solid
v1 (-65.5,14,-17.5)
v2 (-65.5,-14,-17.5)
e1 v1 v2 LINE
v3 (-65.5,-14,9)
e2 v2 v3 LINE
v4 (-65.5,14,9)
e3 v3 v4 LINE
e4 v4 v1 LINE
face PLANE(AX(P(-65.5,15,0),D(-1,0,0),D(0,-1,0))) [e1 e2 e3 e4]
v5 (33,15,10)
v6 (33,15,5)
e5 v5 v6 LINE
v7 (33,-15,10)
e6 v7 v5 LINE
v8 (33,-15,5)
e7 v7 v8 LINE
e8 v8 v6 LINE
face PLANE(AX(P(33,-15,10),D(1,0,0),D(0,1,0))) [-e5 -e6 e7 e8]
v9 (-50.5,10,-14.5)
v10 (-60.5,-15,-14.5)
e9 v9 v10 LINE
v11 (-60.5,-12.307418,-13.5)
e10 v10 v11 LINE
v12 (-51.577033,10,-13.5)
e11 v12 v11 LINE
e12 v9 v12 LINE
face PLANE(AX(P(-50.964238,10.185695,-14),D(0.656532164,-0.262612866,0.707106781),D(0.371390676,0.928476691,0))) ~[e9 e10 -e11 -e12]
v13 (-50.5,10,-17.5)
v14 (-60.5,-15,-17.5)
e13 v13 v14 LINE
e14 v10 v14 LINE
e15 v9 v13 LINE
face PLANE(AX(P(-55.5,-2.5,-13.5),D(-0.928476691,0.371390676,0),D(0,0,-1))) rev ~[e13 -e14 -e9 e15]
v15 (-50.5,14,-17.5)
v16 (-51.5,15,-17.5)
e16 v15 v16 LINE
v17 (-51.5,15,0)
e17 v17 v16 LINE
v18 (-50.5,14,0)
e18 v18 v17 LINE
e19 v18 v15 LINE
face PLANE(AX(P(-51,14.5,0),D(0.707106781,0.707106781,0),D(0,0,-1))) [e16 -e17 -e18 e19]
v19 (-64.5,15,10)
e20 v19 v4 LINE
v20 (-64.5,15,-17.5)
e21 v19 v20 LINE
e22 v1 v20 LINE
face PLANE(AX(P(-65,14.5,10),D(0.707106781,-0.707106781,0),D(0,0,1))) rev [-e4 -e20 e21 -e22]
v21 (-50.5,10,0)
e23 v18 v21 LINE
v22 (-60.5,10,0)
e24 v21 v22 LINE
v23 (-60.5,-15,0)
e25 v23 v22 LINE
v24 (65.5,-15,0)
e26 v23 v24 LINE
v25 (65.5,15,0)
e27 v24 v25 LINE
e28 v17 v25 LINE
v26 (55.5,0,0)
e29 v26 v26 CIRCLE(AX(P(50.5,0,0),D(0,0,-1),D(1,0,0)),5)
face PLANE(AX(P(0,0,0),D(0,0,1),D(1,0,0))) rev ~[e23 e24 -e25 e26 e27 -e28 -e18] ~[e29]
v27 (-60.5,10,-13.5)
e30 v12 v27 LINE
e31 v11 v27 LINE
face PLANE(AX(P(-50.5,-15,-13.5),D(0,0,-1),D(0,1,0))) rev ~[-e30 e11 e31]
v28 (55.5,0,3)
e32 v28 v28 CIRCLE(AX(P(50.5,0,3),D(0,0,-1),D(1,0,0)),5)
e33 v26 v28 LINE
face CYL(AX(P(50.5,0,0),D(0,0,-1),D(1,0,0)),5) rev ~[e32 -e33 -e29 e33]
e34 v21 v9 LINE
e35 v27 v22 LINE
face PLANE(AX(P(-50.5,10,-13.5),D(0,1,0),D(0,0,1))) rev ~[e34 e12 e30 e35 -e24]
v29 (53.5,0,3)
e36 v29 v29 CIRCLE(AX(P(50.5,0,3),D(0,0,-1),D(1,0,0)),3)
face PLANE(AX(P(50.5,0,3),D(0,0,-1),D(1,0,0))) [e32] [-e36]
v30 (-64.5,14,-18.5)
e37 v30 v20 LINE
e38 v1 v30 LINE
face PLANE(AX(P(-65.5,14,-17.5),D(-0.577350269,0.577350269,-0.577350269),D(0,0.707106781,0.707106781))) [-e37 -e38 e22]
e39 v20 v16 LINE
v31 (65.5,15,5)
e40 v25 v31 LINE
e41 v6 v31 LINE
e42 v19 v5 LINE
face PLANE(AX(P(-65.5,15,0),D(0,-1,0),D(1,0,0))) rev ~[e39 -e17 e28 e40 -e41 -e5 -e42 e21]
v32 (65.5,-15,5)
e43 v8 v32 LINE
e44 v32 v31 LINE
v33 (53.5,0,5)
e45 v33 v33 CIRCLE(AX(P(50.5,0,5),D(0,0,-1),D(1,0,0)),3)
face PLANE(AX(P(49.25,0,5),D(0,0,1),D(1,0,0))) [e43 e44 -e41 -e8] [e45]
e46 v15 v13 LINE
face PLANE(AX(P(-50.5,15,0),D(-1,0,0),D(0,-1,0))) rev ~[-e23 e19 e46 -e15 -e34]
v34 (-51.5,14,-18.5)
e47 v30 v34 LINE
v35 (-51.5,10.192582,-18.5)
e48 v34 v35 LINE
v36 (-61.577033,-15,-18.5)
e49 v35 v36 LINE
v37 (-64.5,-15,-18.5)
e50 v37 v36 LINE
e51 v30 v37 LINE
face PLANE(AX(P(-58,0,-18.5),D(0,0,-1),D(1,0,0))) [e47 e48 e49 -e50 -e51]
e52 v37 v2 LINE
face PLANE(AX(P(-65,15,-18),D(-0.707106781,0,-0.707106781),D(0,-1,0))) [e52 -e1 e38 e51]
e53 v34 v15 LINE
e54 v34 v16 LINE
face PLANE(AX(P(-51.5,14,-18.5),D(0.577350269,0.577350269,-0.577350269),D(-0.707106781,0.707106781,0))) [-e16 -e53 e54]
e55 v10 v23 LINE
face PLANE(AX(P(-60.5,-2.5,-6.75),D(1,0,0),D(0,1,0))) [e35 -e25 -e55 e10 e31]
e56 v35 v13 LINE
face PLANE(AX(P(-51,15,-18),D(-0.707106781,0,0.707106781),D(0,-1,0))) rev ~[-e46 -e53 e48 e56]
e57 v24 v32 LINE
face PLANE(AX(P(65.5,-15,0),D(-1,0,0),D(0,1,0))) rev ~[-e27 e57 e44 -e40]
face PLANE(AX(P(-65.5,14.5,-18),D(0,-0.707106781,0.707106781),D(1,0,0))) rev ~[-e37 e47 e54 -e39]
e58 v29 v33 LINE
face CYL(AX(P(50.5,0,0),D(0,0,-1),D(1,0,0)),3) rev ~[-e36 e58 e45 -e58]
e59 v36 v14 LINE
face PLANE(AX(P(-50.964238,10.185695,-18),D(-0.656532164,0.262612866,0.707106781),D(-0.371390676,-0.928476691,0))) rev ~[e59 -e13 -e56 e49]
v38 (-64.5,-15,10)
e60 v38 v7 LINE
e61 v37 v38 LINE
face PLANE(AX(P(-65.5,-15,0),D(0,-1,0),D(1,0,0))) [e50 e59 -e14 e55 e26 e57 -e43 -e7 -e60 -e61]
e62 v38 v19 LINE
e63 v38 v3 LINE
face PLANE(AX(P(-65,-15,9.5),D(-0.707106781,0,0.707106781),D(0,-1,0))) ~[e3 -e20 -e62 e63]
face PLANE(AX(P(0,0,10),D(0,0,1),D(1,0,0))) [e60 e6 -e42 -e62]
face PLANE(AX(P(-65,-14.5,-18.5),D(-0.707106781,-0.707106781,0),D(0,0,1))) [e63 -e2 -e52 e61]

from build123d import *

# Parameters (mm, degrees)
SKETCH017_W      = 131
SKETCH017_H      = 30
PAD005_DEPTH     = 10
SKETCH016_W      = 15
SKETCH016_H      = 30
PAD006_DEPTH     = 18.5
SKETCH018_W      = 25
SKETCH018_H      = 13.5
POCKET011_DEPTH  = 10
SKETCH015_R      = 3
POCKET012_DEPTH  = 10.001
SKETCH019_W      = 32.5
SKETCH019_H      = 30
POCKET013_DEPTH  = 5
SKETCH038_R      = 5
POCKET026_DEPTH  = 3
CHAMFER006_SIZE2 = 10
CHAMFER006_SIZE  = 25
CHAMFER007_SIZE  = 1


with BuildPart() as part:
    # Sketch017 → Pad005 (new body)
    with BuildSketch(Plane.XY):
        Rectangle(SKETCH017_W, SKETCH017_H)
    extrude(amount=PAD005_DEPTH)

    # Sketch016 (on Face5 of Pad005) → Pad006 (join)
    with BuildSketch(Plane(origin=(0, 0, 0), x_dir=(1, 0, 0), z_dir=(0, 0, -1))):
        with Locations((-58, 0)):
            Rectangle(SKETCH016_W, SKETCH016_H)
    extrude(amount=PAD006_DEPTH)

    # Sketch018 (on Face9 of Pad006) → Pocket011 (cut)
    with BuildSketch(Plane.YZ.offset(-50.5)):
        with Locations((-2.5, -6.75)):
            Rectangle(SKETCH018_W, SKETCH018_H)
    extrude(amount=-POCKET011_DEPTH, mode=Mode.SUBTRACT)

    # Sketch015 (on Face5 of Pocket011) → Pocket012 (cut, through all)
    with BuildSketch(Plane(origin=(0, 0, 0), x_dir=(1, 0, 0), z_dir=(0, 0, -1))):
        with Locations((50.5, 0)):
            Circle(SKETCH015_R)
    extrude(amount=-POCKET012_DEPTH, mode=Mode.SUBTRACT)

    # Sketch019 → Pocket013 (cut)
    with BuildSketch(Plane.XY.offset(10)):
        with Locations((49.25, 0)):
            Rectangle(SKETCH019_W, SKETCH019_H)
    extrude(amount=-POCKET013_DEPTH, mode=Mode.SUBTRACT)

    # Sketch038 (on Face3 of Pocket013) → Pocket026 (cut)
    with BuildSketch(Plane(origin=(0, 0, 0), x_dir=(1, 0, 0), z_dir=(0, 0, -1))):
        with Locations((50.5, 0)):
            Circle(SKETCH038_R)
    extrude(amount=-POCKET026_DEPTH, mode=Mode.SUBTRACT)

    # Chamfer006
    chamfer006_edges = [part.edges().sort_by_distance(p)[0] for p in [
        (-50.5, -15, -16),
    ]]
    chamfer006_side = part.faces().sort_by_distance((-50.5, -2.5, -13.852456))[0]
    chamfer(chamfer006_edges, length=CHAMFER006_SIZE, length2=CHAMFER006_SIZE2, reference=chamfer006_side)

    # Chamfer007
    chamfer007_edges = [part.edges().sort_by_distance(p)[0] for p in [
        (-55.5, -2.5, -13.5),
        (-55.5, -2.5, -18.5),
        (-50.5, 15, -9.25),
        (-50.5, 12.5, -18.5),
        (-58, 15, -18.5),
        (-65.5, 0, -18.5),
        (-65.5, -15, -9.25),
        (-65.5, -15, 5),
        (-65.5, 15, -9.25),
        (-65.5, 15, 5),
        (-65.5, 0, 10),
    ]]
    chamfer(chamfer007_edges, length=CHAMFER007_SIZE)


solid = part.part
